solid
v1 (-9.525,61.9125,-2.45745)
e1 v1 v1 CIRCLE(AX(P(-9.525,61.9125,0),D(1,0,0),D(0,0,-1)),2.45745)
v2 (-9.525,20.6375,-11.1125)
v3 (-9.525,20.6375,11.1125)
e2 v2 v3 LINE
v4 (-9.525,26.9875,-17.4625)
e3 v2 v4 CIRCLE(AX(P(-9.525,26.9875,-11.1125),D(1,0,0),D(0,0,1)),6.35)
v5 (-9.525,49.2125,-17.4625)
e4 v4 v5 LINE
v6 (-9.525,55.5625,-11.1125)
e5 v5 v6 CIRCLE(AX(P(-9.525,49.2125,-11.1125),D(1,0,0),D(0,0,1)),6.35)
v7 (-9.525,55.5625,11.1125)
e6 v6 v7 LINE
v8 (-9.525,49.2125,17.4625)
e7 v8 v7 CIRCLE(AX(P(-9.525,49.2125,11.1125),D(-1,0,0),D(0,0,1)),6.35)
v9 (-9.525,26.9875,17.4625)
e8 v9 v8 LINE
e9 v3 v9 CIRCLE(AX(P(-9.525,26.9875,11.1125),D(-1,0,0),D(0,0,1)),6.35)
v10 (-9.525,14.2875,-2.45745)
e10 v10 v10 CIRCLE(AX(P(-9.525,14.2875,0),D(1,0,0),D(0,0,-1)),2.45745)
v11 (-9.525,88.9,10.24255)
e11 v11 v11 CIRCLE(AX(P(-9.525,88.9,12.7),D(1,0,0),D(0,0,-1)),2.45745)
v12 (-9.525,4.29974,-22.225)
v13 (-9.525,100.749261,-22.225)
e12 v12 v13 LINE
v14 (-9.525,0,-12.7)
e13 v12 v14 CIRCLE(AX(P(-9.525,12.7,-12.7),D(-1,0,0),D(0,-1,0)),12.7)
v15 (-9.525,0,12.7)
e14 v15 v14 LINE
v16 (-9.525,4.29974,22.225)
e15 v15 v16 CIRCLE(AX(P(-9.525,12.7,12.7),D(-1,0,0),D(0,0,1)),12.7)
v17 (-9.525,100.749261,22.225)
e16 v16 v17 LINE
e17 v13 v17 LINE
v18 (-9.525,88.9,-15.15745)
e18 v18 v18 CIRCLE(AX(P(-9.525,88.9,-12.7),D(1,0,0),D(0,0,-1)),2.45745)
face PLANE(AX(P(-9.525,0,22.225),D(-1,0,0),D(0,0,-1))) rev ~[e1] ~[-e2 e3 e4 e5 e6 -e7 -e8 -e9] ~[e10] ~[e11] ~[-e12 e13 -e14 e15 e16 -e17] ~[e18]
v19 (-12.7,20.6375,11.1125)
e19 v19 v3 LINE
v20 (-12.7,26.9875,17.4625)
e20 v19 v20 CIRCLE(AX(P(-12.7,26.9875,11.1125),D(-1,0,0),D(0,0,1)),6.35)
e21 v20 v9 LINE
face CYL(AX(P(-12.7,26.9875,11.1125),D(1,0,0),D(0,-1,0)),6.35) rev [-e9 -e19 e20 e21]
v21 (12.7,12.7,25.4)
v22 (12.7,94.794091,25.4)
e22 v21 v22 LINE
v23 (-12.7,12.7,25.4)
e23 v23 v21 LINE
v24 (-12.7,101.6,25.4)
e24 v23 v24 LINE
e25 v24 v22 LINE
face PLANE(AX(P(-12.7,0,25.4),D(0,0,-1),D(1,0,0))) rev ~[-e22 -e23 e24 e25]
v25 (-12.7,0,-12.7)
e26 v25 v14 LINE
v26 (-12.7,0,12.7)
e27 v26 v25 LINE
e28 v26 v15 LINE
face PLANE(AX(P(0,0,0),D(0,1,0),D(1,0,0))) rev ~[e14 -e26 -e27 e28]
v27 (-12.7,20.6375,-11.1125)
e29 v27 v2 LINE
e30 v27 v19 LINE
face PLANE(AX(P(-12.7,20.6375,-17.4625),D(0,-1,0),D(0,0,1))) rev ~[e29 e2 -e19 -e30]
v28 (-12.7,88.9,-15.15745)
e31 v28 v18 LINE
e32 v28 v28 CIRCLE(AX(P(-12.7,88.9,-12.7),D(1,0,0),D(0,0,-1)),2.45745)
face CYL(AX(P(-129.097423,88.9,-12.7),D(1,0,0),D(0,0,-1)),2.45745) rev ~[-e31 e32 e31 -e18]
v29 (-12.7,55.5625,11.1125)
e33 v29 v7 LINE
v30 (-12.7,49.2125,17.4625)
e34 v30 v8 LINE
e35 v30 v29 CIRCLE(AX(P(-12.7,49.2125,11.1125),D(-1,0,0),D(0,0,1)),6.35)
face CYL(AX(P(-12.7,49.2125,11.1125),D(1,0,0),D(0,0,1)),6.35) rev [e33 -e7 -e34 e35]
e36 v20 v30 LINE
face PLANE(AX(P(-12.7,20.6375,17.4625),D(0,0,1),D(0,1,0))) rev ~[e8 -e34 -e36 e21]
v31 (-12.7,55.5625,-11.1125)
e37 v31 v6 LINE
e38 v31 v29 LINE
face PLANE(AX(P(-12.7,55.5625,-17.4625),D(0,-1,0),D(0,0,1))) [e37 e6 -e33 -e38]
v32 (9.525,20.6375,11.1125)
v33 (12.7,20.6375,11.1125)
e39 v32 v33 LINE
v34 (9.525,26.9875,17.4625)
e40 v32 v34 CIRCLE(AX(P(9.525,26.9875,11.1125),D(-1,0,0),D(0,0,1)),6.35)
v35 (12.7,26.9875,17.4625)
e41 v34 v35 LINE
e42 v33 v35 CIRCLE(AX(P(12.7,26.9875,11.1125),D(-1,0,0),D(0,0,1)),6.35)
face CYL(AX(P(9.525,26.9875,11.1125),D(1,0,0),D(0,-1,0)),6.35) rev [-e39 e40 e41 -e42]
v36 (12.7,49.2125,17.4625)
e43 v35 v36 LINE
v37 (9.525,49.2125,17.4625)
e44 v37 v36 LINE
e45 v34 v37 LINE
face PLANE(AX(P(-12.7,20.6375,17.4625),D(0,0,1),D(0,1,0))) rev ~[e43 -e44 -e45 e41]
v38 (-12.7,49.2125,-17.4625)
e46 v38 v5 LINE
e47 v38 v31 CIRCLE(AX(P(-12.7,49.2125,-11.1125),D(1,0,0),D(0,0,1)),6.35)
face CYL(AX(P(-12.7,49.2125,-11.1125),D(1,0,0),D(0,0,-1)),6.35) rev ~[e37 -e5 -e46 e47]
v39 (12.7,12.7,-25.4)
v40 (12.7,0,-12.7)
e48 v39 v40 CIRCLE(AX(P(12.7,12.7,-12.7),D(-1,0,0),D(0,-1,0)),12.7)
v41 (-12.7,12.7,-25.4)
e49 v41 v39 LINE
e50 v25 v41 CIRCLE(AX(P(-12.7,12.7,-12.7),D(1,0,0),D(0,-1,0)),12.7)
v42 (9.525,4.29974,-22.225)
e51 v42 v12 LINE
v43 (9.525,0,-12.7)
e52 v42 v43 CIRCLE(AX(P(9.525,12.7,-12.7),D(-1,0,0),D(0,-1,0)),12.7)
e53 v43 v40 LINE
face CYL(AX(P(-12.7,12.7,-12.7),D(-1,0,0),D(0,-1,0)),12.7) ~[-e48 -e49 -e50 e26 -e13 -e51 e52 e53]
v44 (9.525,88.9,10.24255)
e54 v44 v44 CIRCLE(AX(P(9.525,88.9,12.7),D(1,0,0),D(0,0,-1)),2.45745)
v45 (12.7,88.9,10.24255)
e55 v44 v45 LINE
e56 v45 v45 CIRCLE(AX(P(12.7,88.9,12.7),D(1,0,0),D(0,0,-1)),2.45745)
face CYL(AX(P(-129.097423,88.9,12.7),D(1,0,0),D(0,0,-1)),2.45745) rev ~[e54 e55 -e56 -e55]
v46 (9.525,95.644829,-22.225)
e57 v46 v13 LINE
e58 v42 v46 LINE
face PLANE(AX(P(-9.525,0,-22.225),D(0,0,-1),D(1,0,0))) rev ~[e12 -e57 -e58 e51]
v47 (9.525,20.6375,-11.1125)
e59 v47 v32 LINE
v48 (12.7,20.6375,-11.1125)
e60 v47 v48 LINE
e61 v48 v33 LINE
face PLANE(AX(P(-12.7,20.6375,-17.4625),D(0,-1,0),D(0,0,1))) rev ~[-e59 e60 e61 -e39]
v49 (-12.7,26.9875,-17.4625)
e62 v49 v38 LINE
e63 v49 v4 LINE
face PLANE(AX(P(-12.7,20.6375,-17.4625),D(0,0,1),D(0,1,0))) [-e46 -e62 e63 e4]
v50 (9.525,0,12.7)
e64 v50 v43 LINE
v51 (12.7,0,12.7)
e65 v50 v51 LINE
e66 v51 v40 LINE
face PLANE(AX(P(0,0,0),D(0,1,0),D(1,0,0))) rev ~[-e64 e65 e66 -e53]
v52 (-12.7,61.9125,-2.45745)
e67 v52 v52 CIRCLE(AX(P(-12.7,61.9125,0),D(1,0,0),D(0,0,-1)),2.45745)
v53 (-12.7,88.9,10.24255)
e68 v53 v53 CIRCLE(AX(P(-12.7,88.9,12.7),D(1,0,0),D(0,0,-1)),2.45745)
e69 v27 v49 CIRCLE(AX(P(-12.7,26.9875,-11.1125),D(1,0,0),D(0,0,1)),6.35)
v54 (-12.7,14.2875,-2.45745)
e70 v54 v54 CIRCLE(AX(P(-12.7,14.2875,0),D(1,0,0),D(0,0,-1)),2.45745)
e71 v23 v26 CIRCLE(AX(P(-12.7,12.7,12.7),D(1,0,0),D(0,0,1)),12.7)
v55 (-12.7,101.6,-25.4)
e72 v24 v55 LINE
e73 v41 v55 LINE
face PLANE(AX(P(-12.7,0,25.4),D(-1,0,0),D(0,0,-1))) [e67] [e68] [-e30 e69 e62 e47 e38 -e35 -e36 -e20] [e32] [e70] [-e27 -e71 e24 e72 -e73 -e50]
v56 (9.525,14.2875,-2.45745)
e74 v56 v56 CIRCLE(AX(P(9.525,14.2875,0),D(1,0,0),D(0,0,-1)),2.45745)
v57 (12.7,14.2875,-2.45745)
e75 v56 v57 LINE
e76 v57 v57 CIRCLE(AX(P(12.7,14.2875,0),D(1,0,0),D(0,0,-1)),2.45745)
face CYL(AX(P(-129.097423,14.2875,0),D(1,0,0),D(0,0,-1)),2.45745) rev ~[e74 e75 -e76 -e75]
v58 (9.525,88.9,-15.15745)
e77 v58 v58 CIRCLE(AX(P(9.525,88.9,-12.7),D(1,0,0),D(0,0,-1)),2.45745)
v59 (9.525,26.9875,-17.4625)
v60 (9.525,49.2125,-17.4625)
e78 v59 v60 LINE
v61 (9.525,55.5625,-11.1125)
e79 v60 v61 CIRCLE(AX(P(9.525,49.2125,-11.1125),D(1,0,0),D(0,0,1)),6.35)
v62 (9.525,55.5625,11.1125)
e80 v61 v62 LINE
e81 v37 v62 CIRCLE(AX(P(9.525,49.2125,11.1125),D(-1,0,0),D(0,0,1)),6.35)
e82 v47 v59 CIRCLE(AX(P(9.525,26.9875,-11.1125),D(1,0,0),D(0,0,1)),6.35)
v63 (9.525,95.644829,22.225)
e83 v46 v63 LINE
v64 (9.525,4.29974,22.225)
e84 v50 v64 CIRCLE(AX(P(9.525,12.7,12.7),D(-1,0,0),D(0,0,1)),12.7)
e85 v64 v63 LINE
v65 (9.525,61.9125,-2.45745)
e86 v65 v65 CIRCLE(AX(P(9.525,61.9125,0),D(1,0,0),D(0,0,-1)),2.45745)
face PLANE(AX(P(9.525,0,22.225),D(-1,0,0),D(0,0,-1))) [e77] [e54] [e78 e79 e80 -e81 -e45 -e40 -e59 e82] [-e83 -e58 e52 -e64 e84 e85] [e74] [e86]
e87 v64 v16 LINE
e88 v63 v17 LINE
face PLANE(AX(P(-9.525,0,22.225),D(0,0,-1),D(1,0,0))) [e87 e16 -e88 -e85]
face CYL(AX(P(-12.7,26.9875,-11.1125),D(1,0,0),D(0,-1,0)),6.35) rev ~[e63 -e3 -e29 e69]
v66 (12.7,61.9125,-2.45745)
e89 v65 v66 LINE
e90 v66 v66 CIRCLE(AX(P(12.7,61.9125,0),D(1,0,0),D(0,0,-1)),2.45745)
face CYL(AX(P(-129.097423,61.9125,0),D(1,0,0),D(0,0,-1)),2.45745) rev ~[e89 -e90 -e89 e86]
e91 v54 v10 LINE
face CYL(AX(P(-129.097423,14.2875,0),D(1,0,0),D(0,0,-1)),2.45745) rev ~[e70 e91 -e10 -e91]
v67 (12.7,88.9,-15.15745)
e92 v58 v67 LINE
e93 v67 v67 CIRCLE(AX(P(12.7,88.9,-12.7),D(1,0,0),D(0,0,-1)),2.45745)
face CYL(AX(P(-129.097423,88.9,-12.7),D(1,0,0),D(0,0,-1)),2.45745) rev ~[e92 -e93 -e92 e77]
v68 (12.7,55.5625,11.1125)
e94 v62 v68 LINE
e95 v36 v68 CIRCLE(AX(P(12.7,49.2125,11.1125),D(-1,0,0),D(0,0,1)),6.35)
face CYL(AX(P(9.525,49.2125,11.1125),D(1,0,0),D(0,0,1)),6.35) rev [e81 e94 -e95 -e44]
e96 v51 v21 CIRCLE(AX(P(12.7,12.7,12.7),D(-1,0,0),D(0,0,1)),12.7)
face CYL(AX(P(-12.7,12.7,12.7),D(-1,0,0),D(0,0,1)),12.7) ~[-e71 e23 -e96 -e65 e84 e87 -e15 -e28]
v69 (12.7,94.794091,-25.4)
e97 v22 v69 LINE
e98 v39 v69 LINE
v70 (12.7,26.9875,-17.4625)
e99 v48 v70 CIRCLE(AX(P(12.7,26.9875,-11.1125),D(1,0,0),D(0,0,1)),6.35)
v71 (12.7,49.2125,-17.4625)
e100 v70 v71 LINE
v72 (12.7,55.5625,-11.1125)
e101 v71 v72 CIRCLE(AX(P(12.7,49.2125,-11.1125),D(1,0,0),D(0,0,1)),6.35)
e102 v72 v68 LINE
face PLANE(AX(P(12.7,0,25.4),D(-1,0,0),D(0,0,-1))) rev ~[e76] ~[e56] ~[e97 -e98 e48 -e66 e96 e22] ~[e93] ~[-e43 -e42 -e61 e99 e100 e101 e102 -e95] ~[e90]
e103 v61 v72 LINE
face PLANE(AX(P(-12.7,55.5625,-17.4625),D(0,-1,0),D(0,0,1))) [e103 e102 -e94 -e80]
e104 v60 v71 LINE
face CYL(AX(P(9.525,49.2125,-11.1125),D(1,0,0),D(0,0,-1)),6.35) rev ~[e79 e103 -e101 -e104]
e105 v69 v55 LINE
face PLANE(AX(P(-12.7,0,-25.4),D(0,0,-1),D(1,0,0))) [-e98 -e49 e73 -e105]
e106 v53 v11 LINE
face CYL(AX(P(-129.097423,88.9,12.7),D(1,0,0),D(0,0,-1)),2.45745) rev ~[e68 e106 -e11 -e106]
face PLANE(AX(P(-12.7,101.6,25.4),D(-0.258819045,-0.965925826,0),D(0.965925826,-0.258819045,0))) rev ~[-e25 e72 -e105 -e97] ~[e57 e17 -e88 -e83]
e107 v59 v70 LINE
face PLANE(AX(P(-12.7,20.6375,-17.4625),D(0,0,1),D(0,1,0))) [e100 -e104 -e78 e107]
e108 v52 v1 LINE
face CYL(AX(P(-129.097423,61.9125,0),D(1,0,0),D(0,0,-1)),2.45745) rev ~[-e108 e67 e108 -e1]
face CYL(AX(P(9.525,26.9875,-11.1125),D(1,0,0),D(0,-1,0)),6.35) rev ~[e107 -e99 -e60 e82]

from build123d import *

# Parameters (mm, degrees)
SKETCH1_W                    = 25.4
SKETCH1_H                    = 50.8
SKETCH1_W_2                  = 19.05
SKETCH1_H_2                  = 44.45
BOSS_EXTRUDE1_DEPTH          = 101.6
CUT_EXTRUDE1_DEPTH           = 115.3
CUT_EXTRUDE2_DEPTH           = 108.763073453
SKETCH4_W                    = 34.925
SKETCH4_H                    = 34.925
CUT_EXTRUDE3_DEPTH           = 108.763073453
F_10_0_1935_DIAMETER_HOLE1_D = 4.9149
FILLET1_R                    = 6.35
F_10_0_1935_DIAMETER_HOLE2_D = 4.9149


with BuildPart() as part:
    # Sketch1 → Boss-Extrude1 (new body)
    with BuildSketch(Plane(origin=(0, 0, 0), x_dir=(1, 0, 0), z_dir=(0, 1, 0))):
        Rectangle(SKETCH1_W, SKETCH1_H)
        Rectangle(SKETCH1_W_2, SKETCH1_H_2, mode=Mode.SUBTRACT)
    extrude(amount=BOSS_EXTRUDE1_DEPTH)

    # Sketch2 → Cut-Extrude1 (cut, through all)
    with BuildSketch(Plane.XY.offset(25.4)):
        Polygon((12.7, 101.6), (-12.7, 101.6), (12.7, 94.794090512), align=None)
    extrude(amount=-CUT_EXTRUDE1_DEPTH, mode=Mode.SUBTRACT)

    # Sketch3 → Cut-Extrude2 (cut, through all)
    with BuildSketch(Plane.ZY.offset(12.7)):
        with BuildLine():
            Line((-25.4, 12.7), (-25.4, 0))
            Line((-25.4, 0), (-12.7, 0))
            ThreePointArc((-12.7, 0), (-21.680256121, 3.719743879), (-25.4, 12.7))
        make_face()
        with BuildLine():
            ThreePointArc((25.4, 12.7), (21.680256121, 3.719743879), (12.7, 0))
            Line((12.7, 0), (25.4, 0))
            Line((25.4, 0), (25.4, 12.7))
        make_face()
    extrude(amount=-CUT_EXTRUDE2_DEPTH, mode=Mode.SUBTRACT)

    # Sketch4 → Cut-Extrude3 (cut, through all)
    with BuildSketch(Plane.ZY.offset(12.7)):
        with Locations((0, 38.1)):
            Rectangle(SKETCH4_W, SKETCH4_H)
    extrude(amount=-CUT_EXTRUDE3_DEPTH, mode=Mode.SUBTRACT)

    # #10 (0.1935) Diameter Hole1 (through all)
    with Locations(Plane.ZY.offset(12.7)):
        with Locations((0, 61.9125), (0, 14.2875)):
            Hole(F_10_0_1935_DIAMETER_HOLE1_D / 2)

    # Fillet1
    fillet1_edges = [part.edges().sort_by_distance(p)[0] for p in [
        (-11.1125, 20.6375, -17.4625),
        (-11.1125, 55.5625, -17.4625),
        (-11.1125, 55.5625, 17.4625),
        (-11.1125, 20.6375, 17.4625),
        (11.1125, 20.6375, -17.4625),
        (11.1125, 55.5625, -17.4625),
        (11.1125, 55.5625, 17.4625),
        (11.1125, 20.6375, 17.4625),
    ]]
    fillet(fillet1_edges, radius=FILLET1_R)

    # #10 (0.1935) Diameter Hole2 (through all)
    with Locations(Plane.ZY.offset(12.7)):
        with Locations((-12.7, 88.9), (12.7, 88.9)):
            Hole(F_10_0_1935_DIAMETER_HOLE2_D / 2)


solid = part.part
